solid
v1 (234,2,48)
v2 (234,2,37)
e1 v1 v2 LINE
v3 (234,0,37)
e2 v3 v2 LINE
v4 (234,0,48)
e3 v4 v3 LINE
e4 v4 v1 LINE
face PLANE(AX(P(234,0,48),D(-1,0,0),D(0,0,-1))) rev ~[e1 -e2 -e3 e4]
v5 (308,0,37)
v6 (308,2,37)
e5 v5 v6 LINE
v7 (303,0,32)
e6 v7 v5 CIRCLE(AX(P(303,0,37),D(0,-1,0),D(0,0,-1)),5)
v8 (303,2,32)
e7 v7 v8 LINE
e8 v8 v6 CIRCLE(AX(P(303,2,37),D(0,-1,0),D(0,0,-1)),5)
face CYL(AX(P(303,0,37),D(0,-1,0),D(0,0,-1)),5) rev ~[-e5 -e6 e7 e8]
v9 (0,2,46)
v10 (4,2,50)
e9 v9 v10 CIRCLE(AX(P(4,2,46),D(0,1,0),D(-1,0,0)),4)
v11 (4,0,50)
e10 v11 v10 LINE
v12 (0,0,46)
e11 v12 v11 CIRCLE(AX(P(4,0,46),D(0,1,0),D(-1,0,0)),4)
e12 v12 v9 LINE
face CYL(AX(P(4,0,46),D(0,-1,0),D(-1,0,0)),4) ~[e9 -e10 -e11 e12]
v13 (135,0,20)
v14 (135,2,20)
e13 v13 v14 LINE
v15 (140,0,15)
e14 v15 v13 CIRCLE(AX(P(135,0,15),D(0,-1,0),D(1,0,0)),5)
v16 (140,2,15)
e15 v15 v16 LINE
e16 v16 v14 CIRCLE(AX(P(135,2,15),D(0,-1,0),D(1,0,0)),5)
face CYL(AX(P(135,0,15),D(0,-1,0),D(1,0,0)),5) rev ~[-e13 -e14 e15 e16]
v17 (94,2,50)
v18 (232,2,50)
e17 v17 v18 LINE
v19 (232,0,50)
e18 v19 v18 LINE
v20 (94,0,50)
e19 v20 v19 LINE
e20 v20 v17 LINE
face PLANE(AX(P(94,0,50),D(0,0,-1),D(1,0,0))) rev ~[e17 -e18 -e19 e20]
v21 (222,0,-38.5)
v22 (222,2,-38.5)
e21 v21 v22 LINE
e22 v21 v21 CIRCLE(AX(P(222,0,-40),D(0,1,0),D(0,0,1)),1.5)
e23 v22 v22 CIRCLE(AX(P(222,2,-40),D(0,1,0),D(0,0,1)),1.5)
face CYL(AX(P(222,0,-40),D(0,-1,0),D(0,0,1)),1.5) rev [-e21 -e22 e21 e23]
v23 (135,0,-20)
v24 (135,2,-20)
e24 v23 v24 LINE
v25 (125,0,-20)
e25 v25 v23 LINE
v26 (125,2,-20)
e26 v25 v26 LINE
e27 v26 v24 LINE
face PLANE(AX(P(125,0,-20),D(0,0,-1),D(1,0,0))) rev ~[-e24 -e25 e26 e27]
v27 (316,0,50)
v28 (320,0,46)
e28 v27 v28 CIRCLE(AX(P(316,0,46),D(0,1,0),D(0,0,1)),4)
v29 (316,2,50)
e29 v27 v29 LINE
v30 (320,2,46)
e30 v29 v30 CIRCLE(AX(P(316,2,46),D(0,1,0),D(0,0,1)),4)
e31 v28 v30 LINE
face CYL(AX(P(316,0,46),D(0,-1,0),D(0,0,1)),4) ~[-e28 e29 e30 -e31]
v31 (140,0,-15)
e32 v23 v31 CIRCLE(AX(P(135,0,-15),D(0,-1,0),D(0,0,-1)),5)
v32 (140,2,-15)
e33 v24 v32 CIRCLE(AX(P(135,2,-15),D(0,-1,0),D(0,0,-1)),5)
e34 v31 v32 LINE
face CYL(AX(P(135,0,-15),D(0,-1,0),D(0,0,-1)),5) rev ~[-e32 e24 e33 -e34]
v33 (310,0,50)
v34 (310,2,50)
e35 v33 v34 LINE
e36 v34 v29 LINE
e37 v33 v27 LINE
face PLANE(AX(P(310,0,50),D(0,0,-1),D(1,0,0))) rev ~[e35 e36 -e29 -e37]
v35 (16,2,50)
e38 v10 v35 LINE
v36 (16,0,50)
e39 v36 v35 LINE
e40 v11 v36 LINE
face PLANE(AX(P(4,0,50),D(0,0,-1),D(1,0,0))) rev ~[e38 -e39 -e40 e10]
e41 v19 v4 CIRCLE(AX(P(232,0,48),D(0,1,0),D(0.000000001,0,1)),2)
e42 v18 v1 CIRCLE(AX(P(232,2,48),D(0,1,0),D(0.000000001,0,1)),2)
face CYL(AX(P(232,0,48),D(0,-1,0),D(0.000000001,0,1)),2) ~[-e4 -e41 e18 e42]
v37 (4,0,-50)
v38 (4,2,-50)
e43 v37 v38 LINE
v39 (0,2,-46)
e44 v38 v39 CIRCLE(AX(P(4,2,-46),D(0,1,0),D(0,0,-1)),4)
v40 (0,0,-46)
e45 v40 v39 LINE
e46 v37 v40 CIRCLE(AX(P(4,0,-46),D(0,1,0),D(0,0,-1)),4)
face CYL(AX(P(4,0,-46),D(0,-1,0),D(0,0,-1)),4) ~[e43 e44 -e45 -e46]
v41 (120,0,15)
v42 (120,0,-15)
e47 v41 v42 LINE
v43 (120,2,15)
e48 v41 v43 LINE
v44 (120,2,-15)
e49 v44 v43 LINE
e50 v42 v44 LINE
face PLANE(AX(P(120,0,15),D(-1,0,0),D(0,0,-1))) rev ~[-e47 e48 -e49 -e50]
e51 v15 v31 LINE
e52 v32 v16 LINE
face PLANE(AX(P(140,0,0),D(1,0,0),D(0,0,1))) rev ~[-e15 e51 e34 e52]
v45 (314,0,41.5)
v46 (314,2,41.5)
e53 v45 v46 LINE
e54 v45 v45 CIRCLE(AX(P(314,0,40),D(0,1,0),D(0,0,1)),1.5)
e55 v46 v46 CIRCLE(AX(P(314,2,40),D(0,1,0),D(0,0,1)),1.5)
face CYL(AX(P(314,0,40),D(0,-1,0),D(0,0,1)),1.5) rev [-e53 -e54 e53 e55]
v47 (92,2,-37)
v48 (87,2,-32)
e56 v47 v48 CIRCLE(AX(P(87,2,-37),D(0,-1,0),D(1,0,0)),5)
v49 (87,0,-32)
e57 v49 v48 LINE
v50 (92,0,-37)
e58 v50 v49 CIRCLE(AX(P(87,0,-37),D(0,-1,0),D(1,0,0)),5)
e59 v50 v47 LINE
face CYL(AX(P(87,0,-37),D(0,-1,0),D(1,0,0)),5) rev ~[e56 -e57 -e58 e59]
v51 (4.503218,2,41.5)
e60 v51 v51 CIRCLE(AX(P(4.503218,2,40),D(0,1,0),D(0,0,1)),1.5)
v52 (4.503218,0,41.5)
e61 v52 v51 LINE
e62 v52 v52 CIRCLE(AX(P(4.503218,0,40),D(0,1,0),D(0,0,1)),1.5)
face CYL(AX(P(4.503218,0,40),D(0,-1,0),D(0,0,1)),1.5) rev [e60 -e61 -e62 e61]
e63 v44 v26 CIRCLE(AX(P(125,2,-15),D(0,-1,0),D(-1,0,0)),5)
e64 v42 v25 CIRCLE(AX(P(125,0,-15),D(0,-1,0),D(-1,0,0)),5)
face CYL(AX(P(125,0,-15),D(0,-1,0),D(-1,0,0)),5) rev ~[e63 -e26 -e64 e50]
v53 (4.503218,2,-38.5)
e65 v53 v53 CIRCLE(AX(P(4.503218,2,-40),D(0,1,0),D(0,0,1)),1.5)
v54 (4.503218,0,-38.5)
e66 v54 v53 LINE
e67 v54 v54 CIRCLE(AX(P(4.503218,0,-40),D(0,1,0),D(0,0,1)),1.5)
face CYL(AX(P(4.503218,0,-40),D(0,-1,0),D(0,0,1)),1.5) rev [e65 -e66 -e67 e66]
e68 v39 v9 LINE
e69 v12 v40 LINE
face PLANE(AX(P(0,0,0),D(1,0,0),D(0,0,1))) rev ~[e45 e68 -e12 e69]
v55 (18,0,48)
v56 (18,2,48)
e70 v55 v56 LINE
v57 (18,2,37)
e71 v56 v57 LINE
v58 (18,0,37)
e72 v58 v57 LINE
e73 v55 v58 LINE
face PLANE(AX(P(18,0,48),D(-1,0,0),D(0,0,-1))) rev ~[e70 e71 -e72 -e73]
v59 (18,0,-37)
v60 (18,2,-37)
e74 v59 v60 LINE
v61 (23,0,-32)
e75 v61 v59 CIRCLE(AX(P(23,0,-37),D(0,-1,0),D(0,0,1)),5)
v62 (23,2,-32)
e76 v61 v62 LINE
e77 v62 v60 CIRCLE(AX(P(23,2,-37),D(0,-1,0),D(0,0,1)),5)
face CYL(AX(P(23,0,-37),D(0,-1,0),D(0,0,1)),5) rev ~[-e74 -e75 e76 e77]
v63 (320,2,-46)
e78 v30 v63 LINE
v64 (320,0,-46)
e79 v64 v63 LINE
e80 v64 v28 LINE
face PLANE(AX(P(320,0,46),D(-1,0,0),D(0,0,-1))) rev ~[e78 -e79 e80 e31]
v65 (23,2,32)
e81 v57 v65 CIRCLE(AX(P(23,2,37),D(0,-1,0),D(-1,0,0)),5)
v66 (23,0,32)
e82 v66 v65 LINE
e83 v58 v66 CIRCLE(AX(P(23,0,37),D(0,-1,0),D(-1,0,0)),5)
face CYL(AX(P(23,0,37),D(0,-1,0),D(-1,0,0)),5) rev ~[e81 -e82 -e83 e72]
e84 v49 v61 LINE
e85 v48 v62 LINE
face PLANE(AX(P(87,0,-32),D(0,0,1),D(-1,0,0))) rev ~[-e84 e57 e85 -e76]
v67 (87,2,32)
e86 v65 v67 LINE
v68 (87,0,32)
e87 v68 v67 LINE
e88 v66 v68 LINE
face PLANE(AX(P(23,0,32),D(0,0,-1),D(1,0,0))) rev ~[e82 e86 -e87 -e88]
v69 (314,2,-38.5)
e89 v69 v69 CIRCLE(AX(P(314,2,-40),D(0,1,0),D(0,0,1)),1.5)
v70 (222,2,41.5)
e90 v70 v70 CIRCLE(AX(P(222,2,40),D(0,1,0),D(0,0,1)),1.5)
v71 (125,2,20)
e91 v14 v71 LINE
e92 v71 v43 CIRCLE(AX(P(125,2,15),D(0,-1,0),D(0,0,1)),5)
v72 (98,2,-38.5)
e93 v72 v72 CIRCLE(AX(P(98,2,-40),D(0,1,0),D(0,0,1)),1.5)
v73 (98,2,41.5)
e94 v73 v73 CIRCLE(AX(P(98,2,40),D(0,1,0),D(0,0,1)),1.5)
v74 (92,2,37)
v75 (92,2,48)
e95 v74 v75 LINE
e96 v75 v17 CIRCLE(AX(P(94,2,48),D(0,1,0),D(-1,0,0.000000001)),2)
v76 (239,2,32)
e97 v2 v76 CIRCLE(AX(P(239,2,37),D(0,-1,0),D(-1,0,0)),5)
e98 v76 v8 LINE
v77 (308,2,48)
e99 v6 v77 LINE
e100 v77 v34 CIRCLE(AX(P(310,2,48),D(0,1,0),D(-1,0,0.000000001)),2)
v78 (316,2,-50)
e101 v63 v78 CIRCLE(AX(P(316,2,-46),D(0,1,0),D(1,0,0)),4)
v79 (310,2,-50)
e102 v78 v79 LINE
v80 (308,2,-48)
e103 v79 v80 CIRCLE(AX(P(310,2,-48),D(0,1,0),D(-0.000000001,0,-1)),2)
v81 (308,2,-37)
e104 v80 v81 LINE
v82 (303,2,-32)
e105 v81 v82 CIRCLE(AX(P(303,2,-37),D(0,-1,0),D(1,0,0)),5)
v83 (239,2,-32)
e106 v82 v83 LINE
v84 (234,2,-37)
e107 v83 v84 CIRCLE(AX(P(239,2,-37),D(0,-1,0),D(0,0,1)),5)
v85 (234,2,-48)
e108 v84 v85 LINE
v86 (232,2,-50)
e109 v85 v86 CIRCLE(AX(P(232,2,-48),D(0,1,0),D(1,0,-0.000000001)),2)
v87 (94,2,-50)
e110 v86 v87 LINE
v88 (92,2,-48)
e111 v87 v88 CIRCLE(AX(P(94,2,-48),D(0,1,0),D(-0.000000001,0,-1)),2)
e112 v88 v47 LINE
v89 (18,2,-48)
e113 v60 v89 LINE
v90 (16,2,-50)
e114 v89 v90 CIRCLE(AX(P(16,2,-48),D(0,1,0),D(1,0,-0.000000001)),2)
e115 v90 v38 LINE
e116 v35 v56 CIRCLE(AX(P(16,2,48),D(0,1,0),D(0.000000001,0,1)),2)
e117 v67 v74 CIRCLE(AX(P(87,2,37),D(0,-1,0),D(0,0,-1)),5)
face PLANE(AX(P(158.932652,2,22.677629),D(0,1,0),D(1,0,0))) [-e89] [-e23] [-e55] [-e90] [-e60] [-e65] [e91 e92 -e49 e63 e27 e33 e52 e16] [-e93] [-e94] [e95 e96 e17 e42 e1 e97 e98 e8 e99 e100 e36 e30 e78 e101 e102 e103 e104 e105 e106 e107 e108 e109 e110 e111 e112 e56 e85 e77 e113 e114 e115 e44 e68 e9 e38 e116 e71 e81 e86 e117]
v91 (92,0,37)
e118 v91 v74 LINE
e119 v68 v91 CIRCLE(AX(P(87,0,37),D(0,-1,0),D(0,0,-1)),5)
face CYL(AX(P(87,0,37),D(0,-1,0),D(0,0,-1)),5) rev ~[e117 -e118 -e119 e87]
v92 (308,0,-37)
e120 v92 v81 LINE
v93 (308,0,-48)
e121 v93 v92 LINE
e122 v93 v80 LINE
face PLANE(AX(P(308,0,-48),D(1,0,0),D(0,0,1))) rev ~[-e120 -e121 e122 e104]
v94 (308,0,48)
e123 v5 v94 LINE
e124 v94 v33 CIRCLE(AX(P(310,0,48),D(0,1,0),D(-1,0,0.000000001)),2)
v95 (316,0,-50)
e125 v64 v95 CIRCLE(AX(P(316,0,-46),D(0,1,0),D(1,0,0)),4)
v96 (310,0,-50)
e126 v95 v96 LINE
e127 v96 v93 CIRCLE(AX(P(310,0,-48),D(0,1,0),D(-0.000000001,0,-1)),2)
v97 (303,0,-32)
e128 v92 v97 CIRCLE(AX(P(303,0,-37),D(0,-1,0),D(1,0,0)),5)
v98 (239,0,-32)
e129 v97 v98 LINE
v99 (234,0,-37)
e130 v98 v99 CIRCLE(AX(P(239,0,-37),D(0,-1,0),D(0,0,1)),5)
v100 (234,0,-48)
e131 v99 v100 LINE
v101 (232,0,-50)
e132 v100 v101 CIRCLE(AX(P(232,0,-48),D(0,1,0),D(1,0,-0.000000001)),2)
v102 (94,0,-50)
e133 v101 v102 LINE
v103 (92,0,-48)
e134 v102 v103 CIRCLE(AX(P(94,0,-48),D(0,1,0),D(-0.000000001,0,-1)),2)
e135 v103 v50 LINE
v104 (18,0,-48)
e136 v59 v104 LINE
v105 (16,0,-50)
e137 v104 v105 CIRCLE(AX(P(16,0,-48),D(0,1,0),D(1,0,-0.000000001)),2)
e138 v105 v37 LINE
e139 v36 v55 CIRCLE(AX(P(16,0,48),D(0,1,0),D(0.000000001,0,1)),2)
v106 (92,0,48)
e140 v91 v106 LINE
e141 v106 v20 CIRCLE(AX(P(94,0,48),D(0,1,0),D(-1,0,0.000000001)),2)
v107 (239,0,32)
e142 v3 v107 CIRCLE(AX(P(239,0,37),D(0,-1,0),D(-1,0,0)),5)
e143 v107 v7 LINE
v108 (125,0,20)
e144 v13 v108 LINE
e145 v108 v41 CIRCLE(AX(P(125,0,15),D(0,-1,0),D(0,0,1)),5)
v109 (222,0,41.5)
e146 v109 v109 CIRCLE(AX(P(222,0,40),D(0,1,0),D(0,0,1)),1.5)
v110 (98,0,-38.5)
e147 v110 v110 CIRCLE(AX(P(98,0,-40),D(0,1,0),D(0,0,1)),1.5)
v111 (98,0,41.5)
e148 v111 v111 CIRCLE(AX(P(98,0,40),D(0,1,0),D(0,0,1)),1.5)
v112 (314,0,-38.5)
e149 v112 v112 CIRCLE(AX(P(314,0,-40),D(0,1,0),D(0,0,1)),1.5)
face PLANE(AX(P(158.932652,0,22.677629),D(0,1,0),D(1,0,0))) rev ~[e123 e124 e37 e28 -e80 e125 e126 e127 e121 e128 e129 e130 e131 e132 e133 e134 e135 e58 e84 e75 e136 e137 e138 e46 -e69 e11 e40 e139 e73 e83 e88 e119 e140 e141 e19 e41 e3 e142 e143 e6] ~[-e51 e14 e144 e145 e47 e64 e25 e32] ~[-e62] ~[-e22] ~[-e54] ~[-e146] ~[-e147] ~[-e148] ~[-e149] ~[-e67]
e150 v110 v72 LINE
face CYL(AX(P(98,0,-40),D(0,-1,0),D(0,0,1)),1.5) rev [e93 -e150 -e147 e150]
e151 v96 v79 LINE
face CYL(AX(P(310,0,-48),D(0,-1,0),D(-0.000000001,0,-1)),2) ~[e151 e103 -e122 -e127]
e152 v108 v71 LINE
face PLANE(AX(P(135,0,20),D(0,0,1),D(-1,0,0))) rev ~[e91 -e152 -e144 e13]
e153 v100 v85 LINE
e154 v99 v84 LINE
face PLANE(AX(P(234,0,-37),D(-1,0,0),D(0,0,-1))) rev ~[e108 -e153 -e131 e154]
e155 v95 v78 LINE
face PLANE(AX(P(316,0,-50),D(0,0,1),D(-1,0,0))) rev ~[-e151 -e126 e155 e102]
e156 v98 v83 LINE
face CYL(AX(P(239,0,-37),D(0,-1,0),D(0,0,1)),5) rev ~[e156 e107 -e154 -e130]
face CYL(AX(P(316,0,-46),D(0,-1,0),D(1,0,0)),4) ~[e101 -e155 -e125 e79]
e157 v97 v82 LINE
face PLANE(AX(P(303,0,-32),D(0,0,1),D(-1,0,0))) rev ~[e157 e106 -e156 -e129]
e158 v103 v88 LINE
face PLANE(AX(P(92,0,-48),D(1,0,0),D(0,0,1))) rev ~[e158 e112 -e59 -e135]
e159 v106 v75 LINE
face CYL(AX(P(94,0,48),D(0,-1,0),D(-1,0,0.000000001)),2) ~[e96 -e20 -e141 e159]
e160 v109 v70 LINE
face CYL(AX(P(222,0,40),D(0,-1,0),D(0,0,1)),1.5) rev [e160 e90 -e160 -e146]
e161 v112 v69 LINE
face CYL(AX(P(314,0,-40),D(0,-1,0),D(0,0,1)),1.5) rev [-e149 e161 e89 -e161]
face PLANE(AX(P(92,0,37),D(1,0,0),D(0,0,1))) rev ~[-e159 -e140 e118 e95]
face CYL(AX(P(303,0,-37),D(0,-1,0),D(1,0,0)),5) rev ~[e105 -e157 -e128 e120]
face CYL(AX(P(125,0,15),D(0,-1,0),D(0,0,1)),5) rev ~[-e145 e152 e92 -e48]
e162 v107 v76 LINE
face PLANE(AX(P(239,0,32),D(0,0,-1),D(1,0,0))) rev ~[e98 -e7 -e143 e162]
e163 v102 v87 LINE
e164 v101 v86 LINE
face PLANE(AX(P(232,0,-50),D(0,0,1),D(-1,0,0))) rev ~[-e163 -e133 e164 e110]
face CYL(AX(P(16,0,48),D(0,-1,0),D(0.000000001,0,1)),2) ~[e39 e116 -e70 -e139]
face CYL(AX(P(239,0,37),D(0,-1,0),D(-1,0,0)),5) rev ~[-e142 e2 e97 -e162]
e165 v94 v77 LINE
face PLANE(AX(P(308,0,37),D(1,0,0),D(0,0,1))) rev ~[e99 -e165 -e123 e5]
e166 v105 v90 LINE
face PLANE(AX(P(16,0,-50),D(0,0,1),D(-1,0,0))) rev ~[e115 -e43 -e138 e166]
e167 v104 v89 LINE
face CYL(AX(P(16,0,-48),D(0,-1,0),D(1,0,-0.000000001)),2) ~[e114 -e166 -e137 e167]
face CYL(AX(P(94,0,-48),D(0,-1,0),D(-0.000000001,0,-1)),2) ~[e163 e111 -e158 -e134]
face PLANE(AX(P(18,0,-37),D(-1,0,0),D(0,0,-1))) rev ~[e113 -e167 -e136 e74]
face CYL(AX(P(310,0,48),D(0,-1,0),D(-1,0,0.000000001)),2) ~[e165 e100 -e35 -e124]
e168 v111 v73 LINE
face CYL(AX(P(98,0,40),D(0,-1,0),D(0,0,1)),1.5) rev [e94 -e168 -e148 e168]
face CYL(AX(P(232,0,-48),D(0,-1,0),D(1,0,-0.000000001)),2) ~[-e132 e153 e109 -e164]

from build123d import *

# Parameters (mm, degrees)
SKETCH_1_R      = 1.5
EXTRUDE_1_DEPTH = 2


with BuildPart() as part:
    # 草图1 → 凸台-拉伸1 (new body)
    # profile 1 of 2: a face of its own
    with BuildSketch(Plane(origin=(0, 0, 0), x_dir=(1, 0, 0), z_dir=(0, 1, 0))):
        with BuildLine():
            Line((6, 50), (4, 50))
            ThreePointArc((4, 50), (1.171572875, 48.828427125), (0, 46))
            Line((0, 46), (0, 0))
            Line((0, 0), (120, 0))
            Line((120, 0), (120, 15))
            ThreePointArc((120, 15), (121.464466094, 18.535533906), (125, 20))
            Line((125, 20), (135, 20))
            ThreePointArc((135, 20), (138.535533906, 18.535533906), (140, 15))
            Line((140, 15), (140, 0))
            Line((140, 0), (320, 0))
            Line((320, 0), (320, 46))
            ThreePointArc((320, 46), (318.828427125, 48.828427125), (316, 50))
            Line((316, 50), (310, 50))
            ThreePointArc((310, 50), (308.585786438, 49.414213562), (308, 48))
            Line((308, 48), (308, 37))
            ThreePointArc((308, 37), (306.535533906, 33.464466094), (303, 32))
            Line((303, 32), (239, 32))
            ThreePointArc((239, 32), (235.464466094, 33.464466094), (234, 37))
            Line((234, 37), (234, 48))
            ThreePointArc((234, 48), (233.414213562, 49.414213562), (232, 50))
            Line((232, 50), (94, 50))
            ThreePointArc((94, 50), (92.585786438, 49.414213562), (92, 48))
            Line((92, 48), (92, 37))
            ThreePointArc((92, 37), (90.535533906, 33.464466094), (87, 32))
            Line((87, 32), (23, 32))
            ThreePointArc((23, 32), (19.464466094, 33.464466094), (18, 37))
            Line((18, 37), (18, 48))
            ThreePointArc((18, 48), (17.414213562, 49.414213562), (16, 50))
            Line((16, 50), (6, 50))
        make_face()
        with Locations(Location((4.503217652, 40, 0), (0, 0, 270))):
            Circle(SKETCH_1_R, mode=Mode.SUBTRACT)
        with Locations(Location((98, 40, 0), (0, 0, 270))):
            Circle(SKETCH_1_R, mode=Mode.SUBTRACT)
        with Locations(Location((222, 40, 0), (0, 0, 270))):
            Circle(SKETCH_1_R, mode=Mode.SUBTRACT)
        with Locations(Location((314, 40, 0), (0, 0, 270))):
            Circle(SKETCH_1_R, mode=Mode.SUBTRACT)
    # profile 2 of 2: a face of its own
    with BuildSketch(Plane(origin=(0, 0, 0), x_dir=(1, 0, 0), z_dir=(0, 1, 0))):
        with BuildLine():
            Line((120, 0), (0, 0))
            Line((0, 0), (0, -46))
            ThreePointArc((0, -46), (1.171572875, -48.828427125), (4, -50))
            Line((4, -50), (6, -50))
            Line((6, -50), (16, -50))
            ThreePointArc((16, -50), (17.414213562, -49.414213562), (18, -48))
            Line((18, -48), (18, -37))
            ThreePointArc((18, -37), (19.464466094, -33.464466094), (23, -32))
            Line((23, -32), (87, -32))
            ThreePointArc((87, -32), (90.535533906, -33.464466094), (92, -37))
            Line((92, -37), (92, -48))
            ThreePointArc((92, -48), (92.585786438, -49.414213562), (94, -50))
            Line((94, -50), (232, -50))
            ThreePointArc((232, -50), (233.414213562, -49.414213562), (234, -48))
            Line((234, -48), (234, -37))
            ThreePointArc((234, -37), (235.464466094, -33.464466094), (239, -32))
            Line((239, -32), (303, -32))
            ThreePointArc((303, -32), (306.535533906, -33.464466094), (308, -37))
            Line((308, -37), (308, -48))
            ThreePointArc((308, -48), (308.585786438, -49.414213562), (310, -50))
            Line((310, -50), (316, -50))
            ThreePointArc((316, -50), (318.828427125, -48.828427125), (320, -46))
            Line((320, -46), (320, 0))
            Line((320, 0), (140, 0))
            Line((140, 0), (140, -15))
            ThreePointArc((140, -15), (138.535533906, -18.535533906), (135, -20))
            Line((135, -20), (125, -20))
            ThreePointArc((125, -20), (121.464466094, -18.535533906), (120, -15))
            Line((120, -15), (120, 0))
        make_face()
        with Locations(Location((4.503217652, -40, 0), (0, 0, 270))):
            Circle(SKETCH_1_R, mode=Mode.SUBTRACT)
        with Locations(Location((98, -40, 0), (0, 0, 270))):
            Circle(SKETCH_1_R, mode=Mode.SUBTRACT)
        with Locations(Location((222, -40, 0), (0, 0, 270))):
            Circle(SKETCH_1_R, mode=Mode.SUBTRACT)
        with Locations(Location((314, -40, 0), (0, 0, 270))):
            Circle(SKETCH_1_R, mode=Mode.SUBTRACT)
    extrude(amount=EXTRUDE_1_DEPTH)


solid = part.part
